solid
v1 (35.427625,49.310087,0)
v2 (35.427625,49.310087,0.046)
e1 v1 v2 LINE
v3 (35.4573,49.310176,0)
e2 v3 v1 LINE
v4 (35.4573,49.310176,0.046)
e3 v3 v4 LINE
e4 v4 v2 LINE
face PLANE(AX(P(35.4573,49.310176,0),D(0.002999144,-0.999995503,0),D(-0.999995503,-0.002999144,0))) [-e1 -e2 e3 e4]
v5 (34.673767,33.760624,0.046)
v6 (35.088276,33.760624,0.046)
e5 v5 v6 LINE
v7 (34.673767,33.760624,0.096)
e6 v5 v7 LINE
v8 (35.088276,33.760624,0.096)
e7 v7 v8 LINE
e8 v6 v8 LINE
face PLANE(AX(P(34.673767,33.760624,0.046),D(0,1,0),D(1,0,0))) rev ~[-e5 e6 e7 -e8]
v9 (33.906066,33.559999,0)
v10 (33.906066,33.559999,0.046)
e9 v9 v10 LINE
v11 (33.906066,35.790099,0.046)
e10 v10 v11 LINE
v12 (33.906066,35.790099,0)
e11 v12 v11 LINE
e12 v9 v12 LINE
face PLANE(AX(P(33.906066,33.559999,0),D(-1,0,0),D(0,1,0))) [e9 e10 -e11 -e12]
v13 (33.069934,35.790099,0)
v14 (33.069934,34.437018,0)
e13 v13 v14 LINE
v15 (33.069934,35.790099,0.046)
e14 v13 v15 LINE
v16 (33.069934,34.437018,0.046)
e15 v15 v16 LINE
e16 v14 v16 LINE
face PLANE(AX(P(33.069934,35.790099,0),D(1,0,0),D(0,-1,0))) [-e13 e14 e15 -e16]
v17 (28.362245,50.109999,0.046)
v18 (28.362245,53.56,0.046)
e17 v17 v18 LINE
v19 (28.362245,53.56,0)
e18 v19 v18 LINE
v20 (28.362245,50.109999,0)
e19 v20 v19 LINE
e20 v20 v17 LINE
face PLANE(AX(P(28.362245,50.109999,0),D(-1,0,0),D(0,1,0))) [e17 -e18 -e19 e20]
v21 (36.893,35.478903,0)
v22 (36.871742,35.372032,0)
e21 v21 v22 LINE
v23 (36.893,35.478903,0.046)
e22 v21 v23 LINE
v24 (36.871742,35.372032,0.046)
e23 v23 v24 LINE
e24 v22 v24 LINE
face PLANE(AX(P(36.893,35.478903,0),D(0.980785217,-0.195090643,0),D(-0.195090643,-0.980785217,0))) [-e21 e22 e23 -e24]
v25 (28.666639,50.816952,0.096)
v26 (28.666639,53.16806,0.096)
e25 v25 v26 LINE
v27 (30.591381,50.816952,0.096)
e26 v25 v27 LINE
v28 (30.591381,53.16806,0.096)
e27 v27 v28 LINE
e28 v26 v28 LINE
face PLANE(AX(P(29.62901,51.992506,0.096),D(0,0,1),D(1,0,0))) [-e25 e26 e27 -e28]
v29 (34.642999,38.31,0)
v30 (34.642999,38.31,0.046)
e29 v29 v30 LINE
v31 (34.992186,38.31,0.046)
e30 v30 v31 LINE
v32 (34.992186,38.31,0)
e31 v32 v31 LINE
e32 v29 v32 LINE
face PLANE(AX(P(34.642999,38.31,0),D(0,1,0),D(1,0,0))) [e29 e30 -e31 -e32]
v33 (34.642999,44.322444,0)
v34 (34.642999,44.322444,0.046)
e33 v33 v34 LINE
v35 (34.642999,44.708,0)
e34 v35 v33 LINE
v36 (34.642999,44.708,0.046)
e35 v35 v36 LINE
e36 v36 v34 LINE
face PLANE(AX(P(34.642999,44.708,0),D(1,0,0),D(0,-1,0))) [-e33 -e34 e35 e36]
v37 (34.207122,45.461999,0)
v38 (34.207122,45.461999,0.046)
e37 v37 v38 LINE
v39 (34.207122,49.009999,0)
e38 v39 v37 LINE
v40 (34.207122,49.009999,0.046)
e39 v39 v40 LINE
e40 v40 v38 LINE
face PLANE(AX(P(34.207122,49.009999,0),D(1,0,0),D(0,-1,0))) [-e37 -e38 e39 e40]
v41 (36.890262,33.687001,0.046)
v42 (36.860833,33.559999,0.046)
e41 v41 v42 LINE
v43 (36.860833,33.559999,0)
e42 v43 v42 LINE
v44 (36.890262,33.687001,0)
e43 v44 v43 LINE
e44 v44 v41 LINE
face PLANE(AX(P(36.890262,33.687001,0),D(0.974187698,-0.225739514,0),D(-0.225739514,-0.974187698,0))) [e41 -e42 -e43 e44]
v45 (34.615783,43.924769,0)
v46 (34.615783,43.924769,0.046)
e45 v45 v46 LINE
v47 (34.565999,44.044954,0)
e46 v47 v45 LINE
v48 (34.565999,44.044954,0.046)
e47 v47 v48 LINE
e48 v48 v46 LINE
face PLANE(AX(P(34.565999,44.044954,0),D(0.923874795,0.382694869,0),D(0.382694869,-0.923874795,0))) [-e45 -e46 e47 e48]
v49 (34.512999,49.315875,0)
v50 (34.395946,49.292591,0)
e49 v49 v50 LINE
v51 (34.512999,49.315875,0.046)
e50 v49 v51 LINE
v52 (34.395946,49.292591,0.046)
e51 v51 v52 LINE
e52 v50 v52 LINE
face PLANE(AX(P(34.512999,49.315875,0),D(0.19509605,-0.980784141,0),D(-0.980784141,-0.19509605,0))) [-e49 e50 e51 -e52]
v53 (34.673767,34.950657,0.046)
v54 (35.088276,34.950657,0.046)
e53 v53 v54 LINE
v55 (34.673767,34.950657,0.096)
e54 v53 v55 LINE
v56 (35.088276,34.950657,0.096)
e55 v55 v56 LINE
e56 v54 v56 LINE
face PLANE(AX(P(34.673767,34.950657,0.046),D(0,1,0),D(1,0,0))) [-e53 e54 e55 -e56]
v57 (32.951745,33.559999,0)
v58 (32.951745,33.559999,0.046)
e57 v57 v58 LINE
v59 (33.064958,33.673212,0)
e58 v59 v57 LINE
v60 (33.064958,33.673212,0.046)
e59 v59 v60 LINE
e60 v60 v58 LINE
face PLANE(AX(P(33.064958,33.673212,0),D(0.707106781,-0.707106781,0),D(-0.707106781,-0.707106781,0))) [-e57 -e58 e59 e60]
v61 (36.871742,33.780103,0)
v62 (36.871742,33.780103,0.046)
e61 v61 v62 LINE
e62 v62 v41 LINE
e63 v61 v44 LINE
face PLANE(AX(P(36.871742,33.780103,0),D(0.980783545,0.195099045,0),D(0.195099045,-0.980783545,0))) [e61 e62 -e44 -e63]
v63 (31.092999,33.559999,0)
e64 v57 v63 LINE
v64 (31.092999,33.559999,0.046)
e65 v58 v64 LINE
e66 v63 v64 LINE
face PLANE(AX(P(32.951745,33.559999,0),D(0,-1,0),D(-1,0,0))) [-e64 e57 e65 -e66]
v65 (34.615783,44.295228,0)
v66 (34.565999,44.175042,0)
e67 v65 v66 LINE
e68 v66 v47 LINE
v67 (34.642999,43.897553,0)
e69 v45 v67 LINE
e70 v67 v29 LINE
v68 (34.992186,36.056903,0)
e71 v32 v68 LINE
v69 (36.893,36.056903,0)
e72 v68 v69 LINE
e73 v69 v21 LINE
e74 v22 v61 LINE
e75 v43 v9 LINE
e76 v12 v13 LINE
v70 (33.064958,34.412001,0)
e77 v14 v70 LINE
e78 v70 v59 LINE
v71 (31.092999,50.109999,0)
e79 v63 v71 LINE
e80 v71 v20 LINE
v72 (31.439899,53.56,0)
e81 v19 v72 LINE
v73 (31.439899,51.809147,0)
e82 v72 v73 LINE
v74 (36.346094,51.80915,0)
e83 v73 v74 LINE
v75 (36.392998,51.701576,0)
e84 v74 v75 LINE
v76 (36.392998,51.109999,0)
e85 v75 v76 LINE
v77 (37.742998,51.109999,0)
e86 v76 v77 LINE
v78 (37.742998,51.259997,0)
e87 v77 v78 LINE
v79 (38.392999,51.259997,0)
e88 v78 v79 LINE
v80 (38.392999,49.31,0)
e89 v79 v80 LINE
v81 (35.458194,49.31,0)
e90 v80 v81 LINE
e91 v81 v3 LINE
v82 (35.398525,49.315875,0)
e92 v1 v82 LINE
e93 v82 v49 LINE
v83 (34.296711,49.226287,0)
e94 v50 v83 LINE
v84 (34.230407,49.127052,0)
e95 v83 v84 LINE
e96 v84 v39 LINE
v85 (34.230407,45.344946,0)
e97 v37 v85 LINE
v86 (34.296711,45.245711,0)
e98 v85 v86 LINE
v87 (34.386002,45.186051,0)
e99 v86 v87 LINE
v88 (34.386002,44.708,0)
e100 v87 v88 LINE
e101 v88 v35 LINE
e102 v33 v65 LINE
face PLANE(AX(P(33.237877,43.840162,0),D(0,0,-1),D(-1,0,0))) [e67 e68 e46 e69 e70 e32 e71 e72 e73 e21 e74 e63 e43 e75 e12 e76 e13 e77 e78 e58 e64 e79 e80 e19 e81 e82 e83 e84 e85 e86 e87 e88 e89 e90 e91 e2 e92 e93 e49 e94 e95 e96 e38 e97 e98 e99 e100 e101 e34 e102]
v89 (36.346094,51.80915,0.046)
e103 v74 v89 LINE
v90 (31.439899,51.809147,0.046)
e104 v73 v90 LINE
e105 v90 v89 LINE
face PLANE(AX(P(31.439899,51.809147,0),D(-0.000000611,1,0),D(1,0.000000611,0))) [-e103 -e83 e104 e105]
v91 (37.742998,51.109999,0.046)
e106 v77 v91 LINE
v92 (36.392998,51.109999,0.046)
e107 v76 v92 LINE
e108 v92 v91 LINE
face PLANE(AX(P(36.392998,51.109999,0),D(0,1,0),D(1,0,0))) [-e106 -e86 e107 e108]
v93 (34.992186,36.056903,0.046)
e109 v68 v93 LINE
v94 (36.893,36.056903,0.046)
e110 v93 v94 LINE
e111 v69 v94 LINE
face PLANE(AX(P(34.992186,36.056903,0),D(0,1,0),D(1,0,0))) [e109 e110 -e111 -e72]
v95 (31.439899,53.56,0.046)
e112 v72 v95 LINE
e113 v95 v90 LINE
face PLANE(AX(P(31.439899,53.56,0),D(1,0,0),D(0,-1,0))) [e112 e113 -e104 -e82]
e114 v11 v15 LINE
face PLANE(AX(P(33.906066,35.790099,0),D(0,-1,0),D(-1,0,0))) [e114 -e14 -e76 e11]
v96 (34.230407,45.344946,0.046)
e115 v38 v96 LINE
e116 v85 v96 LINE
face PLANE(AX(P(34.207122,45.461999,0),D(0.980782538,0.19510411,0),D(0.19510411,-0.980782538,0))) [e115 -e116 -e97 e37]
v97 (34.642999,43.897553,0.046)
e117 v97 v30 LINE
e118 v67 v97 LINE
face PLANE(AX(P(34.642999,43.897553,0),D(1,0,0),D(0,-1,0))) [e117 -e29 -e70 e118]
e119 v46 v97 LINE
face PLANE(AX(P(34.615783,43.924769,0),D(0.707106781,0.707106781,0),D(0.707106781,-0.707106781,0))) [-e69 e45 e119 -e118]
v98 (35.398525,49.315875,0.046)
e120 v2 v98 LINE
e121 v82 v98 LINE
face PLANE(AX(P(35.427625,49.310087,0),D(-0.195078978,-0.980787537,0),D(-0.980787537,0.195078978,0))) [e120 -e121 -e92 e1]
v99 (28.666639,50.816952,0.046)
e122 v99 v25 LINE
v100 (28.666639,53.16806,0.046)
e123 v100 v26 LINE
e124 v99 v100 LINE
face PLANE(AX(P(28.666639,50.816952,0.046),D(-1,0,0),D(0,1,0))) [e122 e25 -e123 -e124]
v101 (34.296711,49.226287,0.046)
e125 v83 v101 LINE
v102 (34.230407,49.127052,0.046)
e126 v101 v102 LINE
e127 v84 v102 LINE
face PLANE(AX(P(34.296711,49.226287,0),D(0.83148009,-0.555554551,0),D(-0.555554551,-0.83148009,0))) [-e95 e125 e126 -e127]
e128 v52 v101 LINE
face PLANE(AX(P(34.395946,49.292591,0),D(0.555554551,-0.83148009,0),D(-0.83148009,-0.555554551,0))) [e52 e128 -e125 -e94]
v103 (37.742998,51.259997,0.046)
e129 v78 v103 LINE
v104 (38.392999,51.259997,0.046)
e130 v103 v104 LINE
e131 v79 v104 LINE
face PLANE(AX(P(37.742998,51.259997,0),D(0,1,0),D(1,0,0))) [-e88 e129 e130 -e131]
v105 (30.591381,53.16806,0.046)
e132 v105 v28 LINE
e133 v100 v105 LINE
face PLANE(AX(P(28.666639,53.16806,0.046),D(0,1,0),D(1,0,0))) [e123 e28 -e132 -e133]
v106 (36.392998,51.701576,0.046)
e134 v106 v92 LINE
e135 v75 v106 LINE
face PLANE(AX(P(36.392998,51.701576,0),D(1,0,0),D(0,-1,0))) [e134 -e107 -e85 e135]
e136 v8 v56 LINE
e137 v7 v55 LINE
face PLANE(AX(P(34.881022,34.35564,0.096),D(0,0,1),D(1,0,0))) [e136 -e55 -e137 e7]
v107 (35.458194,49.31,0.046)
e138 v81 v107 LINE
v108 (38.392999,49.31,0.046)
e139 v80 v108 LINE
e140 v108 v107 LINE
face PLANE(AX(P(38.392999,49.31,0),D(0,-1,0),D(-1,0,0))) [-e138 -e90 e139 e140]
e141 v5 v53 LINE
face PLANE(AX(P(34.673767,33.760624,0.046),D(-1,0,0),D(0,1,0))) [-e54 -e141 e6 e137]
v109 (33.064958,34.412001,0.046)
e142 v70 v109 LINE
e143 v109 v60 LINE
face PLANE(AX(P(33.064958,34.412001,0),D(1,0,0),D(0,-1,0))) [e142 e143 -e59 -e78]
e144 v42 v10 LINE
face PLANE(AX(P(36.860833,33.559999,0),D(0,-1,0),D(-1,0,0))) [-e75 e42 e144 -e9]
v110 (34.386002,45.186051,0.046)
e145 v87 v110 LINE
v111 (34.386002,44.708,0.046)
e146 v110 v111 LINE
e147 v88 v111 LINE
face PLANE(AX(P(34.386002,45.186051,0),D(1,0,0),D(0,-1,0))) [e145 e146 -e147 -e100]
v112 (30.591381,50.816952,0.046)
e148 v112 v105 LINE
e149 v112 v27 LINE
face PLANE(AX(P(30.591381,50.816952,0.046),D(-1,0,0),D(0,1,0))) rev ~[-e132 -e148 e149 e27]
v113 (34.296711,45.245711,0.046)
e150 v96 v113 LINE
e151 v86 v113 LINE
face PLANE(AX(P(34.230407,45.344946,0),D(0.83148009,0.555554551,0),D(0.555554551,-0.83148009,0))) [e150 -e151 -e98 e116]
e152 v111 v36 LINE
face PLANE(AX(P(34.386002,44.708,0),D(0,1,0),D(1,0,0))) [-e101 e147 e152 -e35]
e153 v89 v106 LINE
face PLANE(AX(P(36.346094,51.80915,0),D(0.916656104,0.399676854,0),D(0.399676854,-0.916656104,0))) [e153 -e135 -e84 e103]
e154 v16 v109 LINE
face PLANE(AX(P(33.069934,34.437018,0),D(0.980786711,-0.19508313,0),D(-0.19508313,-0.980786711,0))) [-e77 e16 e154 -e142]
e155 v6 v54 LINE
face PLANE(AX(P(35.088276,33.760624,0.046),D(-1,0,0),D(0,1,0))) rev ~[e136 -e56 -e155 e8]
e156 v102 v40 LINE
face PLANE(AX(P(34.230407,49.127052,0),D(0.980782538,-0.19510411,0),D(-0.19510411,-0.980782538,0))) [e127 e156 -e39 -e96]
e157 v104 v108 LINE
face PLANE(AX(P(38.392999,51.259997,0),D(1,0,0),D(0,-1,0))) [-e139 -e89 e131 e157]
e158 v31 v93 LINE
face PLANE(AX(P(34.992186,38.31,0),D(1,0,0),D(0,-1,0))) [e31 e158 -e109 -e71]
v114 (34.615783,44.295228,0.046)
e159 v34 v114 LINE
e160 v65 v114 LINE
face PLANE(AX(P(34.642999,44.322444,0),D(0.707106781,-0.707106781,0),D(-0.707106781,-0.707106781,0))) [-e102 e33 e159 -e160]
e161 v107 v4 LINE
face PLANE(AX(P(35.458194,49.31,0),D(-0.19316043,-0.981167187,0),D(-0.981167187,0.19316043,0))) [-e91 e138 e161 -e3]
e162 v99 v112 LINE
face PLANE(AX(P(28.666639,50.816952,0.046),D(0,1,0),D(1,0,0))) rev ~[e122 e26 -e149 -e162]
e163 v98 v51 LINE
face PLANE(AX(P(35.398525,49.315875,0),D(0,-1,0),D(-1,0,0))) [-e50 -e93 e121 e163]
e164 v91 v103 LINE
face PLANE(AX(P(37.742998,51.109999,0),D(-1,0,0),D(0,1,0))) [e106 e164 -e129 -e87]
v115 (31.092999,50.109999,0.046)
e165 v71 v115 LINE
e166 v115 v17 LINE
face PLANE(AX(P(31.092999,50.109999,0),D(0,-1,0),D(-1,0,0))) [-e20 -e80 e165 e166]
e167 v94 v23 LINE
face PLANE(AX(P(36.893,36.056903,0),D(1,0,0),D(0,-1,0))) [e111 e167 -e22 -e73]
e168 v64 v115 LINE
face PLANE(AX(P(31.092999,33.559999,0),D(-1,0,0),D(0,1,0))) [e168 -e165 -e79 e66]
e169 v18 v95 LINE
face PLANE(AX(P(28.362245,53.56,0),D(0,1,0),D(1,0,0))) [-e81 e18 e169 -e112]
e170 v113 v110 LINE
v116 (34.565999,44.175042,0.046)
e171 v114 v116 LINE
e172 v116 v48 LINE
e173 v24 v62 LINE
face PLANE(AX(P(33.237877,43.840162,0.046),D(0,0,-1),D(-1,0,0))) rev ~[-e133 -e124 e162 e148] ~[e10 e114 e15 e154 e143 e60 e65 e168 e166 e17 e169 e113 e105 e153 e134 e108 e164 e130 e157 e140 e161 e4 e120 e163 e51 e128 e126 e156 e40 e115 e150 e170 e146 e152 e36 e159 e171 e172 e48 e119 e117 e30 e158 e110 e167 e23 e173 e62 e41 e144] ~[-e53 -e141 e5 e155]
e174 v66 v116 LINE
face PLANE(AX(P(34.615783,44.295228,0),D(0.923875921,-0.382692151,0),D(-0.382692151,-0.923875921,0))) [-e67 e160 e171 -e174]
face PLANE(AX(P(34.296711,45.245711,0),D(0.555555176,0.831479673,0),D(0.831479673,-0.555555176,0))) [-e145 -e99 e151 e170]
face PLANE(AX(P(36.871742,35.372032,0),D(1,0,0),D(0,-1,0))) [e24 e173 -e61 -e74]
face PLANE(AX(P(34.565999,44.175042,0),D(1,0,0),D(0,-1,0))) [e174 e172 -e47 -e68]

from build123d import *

# Parameters (mm, degrees)
PAD_DEPTH    = 0.046
SKETCH002_W  = 1.924742
SKETCH002_H  = 2.351108
PAD001_DEPTH = 0.05
SKETCH003_W  = 0.414509
SKETCH003_H  = 1.190033
PAD002_DEPTH = 0.05


with BuildPart() as part:
    # Sketch → Pad (new body)
    with BuildSketch(Plane.XY):
        Polygon((36.346094, 51.80915), (36.392998, 51.701576), (36.392998, 51.109999), (37.742998, 51.109999), (37.742998, 51.259997), (38.392999, 51.259997), (38.392999, 49.31), (35.458194, 49.31), (35.4573, 49.310176), (35.427625, 49.310087), (35.398525, 49.315875), (34.512999, 49.315875), (34.395946, 49.292591), (34.296711, 49.226287), (34.230407, 49.127052), (34.207122, 49.009999), (34.207122, 45.461999), (34.230407, 45.344946), (34.296711, 45.245711), (34.386002, 45.186051), (34.386002, 44.708), (34.642999, 44.708), (34.642999, 44.322444), (34.615783, 44.295228), (34.565999, 44.175042), (34.565999, 44.044954), (34.615783, 43.924769), (34.642999, 43.897553), (34.642999, 38.31), (34.992186, 38.31), (34.992186, 36.056903), (36.893, 36.056903), (36.893, 35.478903), (36.871742, 35.372032), (36.871742, 33.780103), (36.890262, 33.687001), (36.860833, 33.559999), (33.906066, 33.559999), (33.906066, 35.790099), (33.069934, 35.790099), (33.069934, 34.437018), (33.064958, 34.412001), (33.064958, 33.673212), (32.951745, 33.559999), (31.092999, 33.559999), (31.092999, 50.109999), (28.362245, 50.109999), (28.362245, 53.56), (31.439899, 53.56), (31.439899, 51.809147), align=None)
    extrude(amount=PAD_DEPTH)

    # Sketch002 (on Face52 of Pad) → Pad001 (join)
    with BuildSketch(Plane.XY.offset(0.046)):
        with Locations((29.62901, 51.992506)):
            Rectangle(SKETCH002_W, SKETCH002_H)
    extrude(amount=PAD001_DEPTH)

    # Sketch003 (on Face5 of Pad001) → Pad002 (join)
    with BuildSketch(Plane.XY.offset(0.046)):
        with Locations((34.881022, 34.35564)):
            Rectangle(SKETCH003_W, SKETCH003_H)
    extrude(amount=PAD002_DEPTH)


solid = part.part
